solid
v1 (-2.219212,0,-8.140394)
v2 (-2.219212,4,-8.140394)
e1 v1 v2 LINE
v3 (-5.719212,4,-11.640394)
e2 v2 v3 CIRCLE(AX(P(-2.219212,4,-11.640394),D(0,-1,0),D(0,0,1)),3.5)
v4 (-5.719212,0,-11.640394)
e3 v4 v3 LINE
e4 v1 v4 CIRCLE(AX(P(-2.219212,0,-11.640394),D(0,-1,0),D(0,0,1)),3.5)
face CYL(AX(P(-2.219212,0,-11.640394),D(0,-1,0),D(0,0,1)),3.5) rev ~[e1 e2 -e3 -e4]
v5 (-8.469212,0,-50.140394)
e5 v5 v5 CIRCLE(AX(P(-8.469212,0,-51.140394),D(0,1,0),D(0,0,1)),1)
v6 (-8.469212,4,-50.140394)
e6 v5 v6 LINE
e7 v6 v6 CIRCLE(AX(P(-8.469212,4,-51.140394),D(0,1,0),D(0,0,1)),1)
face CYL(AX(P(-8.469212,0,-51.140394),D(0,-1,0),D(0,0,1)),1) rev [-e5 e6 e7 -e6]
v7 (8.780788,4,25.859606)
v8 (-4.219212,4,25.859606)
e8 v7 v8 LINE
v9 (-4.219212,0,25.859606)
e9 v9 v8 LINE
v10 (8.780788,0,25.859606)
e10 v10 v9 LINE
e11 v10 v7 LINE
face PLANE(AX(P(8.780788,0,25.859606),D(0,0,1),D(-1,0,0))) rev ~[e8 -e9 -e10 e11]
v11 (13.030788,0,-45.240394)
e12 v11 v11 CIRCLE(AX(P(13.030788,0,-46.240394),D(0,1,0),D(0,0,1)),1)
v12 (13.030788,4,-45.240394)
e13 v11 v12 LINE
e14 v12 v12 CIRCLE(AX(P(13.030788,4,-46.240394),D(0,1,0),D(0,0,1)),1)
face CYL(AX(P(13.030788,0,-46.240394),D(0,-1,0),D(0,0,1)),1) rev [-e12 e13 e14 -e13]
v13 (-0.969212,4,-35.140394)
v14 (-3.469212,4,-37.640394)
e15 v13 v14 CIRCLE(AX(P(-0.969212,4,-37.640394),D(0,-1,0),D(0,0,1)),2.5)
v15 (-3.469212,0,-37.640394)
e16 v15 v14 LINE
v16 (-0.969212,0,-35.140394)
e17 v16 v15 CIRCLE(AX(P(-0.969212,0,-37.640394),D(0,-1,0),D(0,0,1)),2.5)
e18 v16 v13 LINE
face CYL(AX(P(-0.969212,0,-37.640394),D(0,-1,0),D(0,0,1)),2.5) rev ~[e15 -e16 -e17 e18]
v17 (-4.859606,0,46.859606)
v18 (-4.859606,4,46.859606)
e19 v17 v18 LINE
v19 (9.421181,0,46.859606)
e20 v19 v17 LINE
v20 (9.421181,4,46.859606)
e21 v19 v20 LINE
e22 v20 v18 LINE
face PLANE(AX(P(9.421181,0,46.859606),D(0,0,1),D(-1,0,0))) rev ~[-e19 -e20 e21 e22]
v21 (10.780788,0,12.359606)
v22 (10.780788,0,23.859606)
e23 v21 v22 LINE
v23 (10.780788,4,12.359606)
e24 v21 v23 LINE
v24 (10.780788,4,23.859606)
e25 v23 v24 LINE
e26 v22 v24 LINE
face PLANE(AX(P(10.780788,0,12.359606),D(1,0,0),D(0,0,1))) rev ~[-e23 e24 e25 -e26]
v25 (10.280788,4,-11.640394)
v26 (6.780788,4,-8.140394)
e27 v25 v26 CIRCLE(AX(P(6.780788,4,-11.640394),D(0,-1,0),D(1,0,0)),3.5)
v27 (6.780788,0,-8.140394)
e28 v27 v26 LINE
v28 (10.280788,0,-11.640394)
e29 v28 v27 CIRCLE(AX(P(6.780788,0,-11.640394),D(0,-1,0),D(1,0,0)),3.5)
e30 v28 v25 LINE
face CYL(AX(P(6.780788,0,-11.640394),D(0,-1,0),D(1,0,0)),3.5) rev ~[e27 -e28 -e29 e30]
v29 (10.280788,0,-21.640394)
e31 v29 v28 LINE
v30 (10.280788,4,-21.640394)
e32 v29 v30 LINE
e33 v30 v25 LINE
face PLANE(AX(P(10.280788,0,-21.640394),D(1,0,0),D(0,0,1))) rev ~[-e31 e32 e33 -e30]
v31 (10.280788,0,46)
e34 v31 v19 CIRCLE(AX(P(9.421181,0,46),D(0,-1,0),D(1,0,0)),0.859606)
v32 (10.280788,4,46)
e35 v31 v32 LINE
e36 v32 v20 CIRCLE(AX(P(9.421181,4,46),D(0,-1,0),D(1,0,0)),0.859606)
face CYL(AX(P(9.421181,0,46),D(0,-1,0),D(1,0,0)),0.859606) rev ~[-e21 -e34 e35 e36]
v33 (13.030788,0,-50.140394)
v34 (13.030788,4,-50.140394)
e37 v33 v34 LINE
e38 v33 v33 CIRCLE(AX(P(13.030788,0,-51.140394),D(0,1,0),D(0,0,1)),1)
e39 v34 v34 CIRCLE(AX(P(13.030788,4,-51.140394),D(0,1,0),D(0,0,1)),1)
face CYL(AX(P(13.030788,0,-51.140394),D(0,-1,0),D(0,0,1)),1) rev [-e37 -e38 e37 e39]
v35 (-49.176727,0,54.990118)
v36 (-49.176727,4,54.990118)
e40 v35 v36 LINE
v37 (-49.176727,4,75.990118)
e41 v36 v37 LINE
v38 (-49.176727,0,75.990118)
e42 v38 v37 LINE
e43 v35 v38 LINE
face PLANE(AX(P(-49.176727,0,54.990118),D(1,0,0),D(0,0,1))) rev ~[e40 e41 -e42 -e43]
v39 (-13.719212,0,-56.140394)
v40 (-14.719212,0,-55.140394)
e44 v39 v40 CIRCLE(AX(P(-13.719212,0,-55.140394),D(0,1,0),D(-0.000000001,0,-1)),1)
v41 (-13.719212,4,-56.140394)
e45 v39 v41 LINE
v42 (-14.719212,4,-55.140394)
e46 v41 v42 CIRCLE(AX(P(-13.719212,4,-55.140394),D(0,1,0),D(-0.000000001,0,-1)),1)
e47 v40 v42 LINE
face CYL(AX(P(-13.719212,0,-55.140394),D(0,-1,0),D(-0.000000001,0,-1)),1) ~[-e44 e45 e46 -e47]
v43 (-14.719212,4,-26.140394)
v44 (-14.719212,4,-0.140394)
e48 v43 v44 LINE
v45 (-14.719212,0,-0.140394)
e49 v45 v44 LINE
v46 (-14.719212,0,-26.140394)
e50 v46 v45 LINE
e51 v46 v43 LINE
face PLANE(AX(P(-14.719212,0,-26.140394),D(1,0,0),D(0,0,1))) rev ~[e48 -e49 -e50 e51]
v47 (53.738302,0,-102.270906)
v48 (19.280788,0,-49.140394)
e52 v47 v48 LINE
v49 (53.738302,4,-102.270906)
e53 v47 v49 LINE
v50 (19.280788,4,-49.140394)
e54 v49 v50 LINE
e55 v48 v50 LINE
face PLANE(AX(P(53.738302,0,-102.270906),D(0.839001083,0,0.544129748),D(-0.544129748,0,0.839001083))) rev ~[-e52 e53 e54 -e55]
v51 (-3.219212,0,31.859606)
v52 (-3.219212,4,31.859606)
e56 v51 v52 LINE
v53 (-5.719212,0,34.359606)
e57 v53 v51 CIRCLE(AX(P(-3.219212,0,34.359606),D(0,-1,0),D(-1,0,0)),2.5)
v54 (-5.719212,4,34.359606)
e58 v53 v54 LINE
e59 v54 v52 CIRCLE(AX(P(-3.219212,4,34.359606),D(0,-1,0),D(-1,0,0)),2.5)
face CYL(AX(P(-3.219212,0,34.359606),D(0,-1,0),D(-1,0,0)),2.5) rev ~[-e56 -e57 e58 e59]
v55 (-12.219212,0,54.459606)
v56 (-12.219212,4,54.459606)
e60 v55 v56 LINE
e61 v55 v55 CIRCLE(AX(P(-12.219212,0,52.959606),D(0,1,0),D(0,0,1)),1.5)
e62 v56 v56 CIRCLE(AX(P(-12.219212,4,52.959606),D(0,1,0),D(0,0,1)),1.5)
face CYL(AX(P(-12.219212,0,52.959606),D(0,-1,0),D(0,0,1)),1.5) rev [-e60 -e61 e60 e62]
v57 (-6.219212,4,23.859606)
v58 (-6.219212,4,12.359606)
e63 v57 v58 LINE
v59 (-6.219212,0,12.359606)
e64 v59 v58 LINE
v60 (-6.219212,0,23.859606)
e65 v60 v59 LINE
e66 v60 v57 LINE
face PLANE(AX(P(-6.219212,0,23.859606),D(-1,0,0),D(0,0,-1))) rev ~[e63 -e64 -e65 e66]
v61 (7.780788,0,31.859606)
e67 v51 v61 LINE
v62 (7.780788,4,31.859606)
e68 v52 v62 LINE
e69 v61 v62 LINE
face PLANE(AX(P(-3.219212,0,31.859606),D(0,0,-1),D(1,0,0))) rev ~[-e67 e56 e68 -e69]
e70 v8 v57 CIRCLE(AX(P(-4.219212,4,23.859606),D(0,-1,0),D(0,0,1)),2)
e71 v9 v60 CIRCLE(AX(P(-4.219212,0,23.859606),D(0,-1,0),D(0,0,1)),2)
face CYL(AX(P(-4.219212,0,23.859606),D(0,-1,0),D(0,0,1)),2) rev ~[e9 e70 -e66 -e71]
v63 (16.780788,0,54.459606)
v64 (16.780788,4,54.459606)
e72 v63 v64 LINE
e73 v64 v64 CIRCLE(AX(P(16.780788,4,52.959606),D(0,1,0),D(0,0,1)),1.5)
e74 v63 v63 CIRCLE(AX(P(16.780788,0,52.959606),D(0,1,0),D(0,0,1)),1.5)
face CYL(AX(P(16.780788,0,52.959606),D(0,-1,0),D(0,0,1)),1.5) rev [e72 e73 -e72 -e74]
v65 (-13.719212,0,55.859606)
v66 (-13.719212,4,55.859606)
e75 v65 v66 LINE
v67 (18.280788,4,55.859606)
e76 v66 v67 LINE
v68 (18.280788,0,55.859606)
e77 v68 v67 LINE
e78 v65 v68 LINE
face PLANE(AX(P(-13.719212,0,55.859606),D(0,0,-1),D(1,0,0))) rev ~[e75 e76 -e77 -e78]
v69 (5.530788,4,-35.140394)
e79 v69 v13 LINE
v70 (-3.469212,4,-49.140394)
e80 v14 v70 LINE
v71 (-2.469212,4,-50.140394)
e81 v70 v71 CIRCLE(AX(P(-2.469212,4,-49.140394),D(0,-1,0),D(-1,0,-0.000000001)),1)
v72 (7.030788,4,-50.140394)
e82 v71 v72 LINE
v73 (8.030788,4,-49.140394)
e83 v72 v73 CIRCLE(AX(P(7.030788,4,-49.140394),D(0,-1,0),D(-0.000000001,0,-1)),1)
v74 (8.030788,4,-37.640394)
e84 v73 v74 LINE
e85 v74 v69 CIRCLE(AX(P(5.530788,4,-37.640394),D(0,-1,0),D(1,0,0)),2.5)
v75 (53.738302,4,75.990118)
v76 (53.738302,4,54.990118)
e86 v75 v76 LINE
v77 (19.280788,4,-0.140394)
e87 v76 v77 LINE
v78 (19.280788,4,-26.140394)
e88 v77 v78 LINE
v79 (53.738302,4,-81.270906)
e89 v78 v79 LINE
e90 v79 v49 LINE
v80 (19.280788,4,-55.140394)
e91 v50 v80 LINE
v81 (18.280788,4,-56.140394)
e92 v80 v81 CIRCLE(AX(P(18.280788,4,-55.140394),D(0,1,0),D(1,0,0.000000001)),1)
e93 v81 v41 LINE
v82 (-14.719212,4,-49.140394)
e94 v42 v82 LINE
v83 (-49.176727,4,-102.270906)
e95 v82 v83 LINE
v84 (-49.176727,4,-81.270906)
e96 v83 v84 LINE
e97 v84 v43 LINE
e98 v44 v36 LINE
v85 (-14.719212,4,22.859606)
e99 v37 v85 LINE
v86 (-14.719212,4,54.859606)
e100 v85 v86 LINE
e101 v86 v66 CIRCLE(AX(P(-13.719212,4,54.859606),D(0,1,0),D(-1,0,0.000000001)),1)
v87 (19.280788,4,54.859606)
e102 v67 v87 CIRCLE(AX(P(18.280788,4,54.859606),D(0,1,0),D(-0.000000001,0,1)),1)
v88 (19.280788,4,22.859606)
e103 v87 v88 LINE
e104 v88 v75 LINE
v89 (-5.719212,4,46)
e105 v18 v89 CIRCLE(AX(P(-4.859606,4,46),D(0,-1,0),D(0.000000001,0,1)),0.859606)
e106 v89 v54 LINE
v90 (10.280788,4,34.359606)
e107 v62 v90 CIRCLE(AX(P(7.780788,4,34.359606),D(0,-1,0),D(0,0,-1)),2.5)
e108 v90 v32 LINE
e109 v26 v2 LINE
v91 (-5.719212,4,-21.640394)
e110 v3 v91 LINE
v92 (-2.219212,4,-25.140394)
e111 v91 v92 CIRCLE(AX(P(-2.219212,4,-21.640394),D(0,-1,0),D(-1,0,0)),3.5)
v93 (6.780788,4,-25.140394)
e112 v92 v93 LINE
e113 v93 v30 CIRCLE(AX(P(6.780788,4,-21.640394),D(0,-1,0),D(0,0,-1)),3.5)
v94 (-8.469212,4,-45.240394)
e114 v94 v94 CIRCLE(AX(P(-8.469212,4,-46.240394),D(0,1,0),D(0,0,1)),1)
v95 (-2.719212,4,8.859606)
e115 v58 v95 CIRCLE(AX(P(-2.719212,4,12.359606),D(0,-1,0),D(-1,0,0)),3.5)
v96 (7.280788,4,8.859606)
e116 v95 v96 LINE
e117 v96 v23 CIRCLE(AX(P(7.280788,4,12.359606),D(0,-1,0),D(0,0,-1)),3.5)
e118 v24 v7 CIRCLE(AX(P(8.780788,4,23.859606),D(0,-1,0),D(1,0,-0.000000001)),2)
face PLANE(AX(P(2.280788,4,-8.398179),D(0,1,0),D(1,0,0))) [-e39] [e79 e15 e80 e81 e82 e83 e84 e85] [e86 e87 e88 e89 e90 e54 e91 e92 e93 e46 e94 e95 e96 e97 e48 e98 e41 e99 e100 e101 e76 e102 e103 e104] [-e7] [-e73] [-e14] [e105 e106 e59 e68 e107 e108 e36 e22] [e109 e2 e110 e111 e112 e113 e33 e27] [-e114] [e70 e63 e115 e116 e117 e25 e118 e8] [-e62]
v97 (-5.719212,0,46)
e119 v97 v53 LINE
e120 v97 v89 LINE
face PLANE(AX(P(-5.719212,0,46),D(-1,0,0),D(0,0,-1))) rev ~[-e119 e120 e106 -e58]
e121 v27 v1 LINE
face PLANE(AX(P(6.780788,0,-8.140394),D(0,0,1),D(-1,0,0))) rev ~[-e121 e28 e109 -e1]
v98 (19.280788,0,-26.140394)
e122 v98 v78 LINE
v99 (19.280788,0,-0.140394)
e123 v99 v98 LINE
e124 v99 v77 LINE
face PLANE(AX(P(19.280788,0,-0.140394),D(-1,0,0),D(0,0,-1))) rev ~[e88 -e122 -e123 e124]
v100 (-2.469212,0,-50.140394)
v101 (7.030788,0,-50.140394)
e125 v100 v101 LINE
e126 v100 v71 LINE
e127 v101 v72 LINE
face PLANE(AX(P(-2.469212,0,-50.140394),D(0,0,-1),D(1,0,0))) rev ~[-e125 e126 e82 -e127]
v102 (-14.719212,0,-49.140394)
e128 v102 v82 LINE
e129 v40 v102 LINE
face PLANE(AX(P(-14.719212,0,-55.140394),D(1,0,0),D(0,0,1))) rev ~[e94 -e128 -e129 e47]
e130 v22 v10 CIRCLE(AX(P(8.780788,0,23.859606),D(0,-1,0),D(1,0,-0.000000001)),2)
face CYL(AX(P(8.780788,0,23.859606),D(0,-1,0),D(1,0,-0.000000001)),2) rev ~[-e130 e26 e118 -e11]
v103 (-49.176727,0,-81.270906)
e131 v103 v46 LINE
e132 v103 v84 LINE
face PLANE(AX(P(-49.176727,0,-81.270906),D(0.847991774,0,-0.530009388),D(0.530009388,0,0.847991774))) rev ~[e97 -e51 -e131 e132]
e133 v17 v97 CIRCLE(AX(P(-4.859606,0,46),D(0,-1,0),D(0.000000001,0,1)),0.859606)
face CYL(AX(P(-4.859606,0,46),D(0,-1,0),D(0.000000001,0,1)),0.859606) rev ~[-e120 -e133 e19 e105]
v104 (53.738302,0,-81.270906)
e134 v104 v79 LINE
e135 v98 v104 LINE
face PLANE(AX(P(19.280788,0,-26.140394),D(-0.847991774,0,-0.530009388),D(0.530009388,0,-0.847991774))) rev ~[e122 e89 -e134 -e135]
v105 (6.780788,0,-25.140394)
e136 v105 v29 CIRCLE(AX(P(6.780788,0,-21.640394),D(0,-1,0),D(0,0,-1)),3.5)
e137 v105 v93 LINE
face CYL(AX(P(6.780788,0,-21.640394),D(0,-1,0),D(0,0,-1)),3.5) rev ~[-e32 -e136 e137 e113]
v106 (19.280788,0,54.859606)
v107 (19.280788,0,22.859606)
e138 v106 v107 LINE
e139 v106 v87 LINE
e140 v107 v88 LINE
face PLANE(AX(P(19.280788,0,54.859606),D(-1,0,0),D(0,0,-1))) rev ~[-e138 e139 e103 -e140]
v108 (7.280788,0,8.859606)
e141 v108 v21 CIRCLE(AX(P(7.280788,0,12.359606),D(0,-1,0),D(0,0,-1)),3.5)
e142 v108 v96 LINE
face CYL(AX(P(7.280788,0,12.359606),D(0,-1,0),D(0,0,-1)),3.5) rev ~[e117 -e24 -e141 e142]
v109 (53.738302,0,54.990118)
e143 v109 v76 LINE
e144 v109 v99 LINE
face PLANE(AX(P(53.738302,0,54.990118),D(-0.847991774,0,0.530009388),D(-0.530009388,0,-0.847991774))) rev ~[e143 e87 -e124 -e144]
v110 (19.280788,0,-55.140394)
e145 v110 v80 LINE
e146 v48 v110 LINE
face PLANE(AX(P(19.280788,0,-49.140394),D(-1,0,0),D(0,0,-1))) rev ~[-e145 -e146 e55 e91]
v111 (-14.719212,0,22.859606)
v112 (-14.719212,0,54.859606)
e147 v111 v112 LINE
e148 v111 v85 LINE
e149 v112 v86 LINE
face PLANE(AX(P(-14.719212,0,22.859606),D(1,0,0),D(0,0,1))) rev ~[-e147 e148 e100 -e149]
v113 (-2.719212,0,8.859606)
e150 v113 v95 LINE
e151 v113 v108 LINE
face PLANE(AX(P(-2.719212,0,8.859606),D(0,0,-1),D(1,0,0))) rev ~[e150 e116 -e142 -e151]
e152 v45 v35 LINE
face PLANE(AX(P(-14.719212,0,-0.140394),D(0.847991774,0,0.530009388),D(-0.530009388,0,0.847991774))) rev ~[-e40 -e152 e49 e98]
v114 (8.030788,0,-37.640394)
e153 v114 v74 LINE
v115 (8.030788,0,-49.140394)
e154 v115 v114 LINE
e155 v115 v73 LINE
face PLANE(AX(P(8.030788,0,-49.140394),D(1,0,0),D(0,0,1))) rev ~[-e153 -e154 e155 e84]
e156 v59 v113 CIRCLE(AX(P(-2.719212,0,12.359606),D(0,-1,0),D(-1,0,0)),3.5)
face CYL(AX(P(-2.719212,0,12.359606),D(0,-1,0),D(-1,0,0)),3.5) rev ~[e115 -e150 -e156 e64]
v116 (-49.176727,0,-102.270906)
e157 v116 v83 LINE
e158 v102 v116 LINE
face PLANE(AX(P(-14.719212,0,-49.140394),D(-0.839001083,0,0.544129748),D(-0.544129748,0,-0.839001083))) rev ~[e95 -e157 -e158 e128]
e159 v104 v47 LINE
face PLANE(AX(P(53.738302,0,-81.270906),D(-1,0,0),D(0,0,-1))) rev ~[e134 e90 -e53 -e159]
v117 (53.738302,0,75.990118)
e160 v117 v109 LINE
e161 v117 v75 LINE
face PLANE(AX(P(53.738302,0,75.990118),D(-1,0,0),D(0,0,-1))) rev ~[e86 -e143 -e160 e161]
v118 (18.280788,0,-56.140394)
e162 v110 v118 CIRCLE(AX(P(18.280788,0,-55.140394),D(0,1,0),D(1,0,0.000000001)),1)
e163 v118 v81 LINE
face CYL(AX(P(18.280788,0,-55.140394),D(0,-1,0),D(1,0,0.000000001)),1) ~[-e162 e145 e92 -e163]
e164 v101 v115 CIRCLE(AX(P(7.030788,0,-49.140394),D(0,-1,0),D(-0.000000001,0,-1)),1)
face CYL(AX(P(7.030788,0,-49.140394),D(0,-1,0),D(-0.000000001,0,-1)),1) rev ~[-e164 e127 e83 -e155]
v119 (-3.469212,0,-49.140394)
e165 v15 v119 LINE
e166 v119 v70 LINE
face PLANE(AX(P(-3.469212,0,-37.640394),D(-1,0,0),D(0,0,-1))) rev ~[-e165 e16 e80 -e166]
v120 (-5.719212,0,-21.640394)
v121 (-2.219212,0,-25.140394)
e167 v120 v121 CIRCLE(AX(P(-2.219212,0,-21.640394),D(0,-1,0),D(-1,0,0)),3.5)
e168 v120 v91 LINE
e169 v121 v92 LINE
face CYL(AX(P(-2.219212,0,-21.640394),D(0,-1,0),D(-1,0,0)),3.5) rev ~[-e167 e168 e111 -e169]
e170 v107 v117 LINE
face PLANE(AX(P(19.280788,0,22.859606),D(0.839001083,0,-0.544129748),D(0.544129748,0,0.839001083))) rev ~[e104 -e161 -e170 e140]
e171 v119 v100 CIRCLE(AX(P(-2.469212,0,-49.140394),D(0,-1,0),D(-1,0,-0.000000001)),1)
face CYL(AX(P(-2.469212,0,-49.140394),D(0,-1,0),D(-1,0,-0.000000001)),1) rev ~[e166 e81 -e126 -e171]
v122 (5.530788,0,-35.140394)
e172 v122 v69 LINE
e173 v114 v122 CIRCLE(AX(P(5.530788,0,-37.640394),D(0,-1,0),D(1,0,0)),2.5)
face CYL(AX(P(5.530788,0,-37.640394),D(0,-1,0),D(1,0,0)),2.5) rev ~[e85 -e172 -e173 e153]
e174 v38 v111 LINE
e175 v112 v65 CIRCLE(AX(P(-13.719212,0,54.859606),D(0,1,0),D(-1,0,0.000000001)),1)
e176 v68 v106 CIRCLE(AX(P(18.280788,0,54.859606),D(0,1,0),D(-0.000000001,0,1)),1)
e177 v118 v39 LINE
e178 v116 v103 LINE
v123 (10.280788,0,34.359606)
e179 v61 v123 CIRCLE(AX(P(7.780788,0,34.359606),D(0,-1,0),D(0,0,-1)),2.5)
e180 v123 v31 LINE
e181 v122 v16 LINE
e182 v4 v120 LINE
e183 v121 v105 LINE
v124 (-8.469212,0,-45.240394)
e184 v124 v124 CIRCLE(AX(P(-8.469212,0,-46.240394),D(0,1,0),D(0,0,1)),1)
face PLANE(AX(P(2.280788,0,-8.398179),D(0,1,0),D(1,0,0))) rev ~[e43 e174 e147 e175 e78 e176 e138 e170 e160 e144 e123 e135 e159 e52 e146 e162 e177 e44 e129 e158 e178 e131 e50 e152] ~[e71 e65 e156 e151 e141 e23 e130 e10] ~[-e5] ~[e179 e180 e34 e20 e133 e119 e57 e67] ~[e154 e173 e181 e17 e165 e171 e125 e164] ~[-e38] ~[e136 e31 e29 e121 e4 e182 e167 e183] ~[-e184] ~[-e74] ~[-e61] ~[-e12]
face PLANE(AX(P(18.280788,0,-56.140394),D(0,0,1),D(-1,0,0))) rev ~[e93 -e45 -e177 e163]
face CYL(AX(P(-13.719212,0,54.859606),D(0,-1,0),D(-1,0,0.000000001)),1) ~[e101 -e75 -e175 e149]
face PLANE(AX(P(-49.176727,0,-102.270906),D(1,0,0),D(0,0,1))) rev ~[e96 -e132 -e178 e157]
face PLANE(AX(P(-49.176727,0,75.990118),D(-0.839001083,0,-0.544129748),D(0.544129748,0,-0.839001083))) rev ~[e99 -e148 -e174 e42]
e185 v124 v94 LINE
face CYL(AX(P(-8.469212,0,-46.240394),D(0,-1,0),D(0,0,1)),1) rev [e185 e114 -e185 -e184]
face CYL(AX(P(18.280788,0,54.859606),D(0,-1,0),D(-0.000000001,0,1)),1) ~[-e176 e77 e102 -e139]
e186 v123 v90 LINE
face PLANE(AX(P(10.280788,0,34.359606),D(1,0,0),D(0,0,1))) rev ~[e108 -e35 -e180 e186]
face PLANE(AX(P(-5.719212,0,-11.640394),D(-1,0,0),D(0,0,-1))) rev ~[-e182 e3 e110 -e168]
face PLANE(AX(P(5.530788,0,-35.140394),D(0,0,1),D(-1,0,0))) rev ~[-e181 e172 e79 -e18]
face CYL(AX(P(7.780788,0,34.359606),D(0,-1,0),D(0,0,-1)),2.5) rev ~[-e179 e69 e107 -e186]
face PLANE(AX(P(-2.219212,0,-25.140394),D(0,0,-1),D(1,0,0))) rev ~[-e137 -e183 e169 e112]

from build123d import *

# Parameters (mm, degrees)
FRAME_SKETCH_R           = 1.5
FRAME_SKETCH_R_2         = 1
FRAME_BOTTOM_PLATE_DEPTH = 4


with BuildPart() as part:
    # Frame Sketch → Frame Bottom Plate (new body)
    with BuildSketch(Plane(origin=(0, 0, 0), x_dir=(1, 0, 0), z_dir=(0, 1, 0))):
        with BuildLine():
            Line((18.280787571, 56.140393786), (-13.719212429, 56.140393786))
            ThreePointArc((-13.719212429, 56.140393786), (-14.42631921, 55.847500567), (-14.719212429, 55.140393786))
            Line((-14.719212429, 55.140393786), (-14.719212429, 49.140393786))
            Line((-14.719212429, 49.140393786), (-49.176727046, 102.27090579))
            Line((-49.176727046, 102.27090579), (-49.176727046, 81.27090579))
            Line((-49.176727046, 81.27090579), (-14.719212429, 26.140393786))
            Line((-14.719212429, 26.140393786), (-14.719212429, 0.140393786))
            Line((-14.719212429, 0.140393786), (-49.176727046, -54.990118218))
            Line((-49.176727046, -54.990118218), (-49.176727046, -75.990118218))
            Line((-49.176727046, -75.990118218), (-14.719212429, -22.859606214))
            Line((-14.719212429, -22.859606214), (-14.719212429, -54.859606214))
            ThreePointArc((-14.719212429, -54.859606214), (-14.42631921, -55.566712995), (-13.719212429, -55.859606214))
            Line((-13.719212429, -55.859606214), (18.280787571, -55.859606214))
            ThreePointArc((18.280787571, -55.859606214), (18.987894353, -55.566712995), (19.280787571, -54.859606214))
            Line((19.280787571, -54.859606214), (19.280787571, -22.859606214))
            Line((19.280787571, -22.859606214), (53.738302189, -75.990118218))
            Line((53.738302189, -75.990118218), (53.738302189, -54.990118218))
            Line((53.738302189, -54.990118218), (19.280787571, 0.140393786))
            Line((19.280787571, 0.140393786), (19.280787571, 26.140393786))
            Line((19.280787571, 26.140393786), (53.738302189, 81.27090579))
            Line((53.738302189, 81.27090579), (53.738302189, 102.27090579))
            Line((53.738302189, 102.27090579), (19.280787571, 49.140393786))
            Line((19.280787571, 49.140393786), (19.280787571, 55.140393786))
            ThreePointArc((19.280787571, 55.140393786), (18.987894353, 55.847500567), (18.280787571, 56.140393786))
        make_face()
        with Locations(Location((-12.219212429, -52.959606214, 0), (0, 0, 270))):
            Circle(FRAME_SKETCH_R, mode=Mode.SUBTRACT)
        with BuildLine():
            Line((9.421181357, -46.859606214), (-4.859606214, -46.859606214))
            ThreePointArc((-4.859606214, -46.859606214), (-5.467439598, -46.607833383), (-5.719212429, -46))
            Line((-5.719212429, -46), (-5.719212429, -34.359606214))
            ThreePointArc((-5.719212429, -34.359606214), (-4.986979382, -32.591839261), (-3.219212429, -31.859606214))
            Line((-3.219212429, -31.859606214), (7.780787571, -31.859606214))
            ThreePointArc((7.780787571, -31.859606214), (9.548554524, -32.591839261), (10.280787571, -34.359606214))
            Line((10.280787571, -34.359606214), (10.280787571, -46))
            ThreePointArc((10.280787571, -46), (10.02901474, -46.607833383), (9.421181357, -46.859606214))
        make_face(mode=Mode.SUBTRACT)
        with Locations(Location((16.780787571, -52.959606214, 0), (0, 0, 270))):
            Circle(FRAME_SKETCH_R, mode=Mode.SUBTRACT)
        with BuildLine():
            ThreePointArc((10.780787571, -23.859606214), (10.195001134, -25.273819777), (8.780787571, -25.859606214))
            Line((8.780787571, -25.859606214), (-4.219212429, -25.859606214))
            ThreePointArc((-4.219212429, -25.859606214), (-5.633425991, -25.273819777), (-6.219212429, -23.859606214))
            Line((-6.219212429, -23.859606214), (-6.219212429, -12.359606214))
            ThreePointArc((-6.219212429, -12.359606214), (-5.194086163, -9.88473248), (-2.719212429, -8.859606214))
            Line((-2.719212429, -8.859606214), (7.280787571, -8.859606214))
            ThreePointArc((7.280787571, -8.859606214), (9.755661306, -9.88473248), (10.780787571, -12.359606214))
            Line((10.780787571, -12.359606214), (10.780787571, -23.859606214))
        make_face(mode=Mode.SUBTRACT)
        with BuildLine():
            Line((6.780787571, 8.140393786), (-2.219212429, 8.140393786))
            ThreePointArc((-2.219212429, 8.140393786), (-4.694086163, 9.165520052), (-5.719212429, 11.640393786))
            Line((-5.719212429, 11.640393786), (-5.719212429, 21.640393786))
            ThreePointArc((-5.719212429, 21.640393786), (-4.694086163, 24.11526752), (-2.219212429, 25.140393786))
            Line((-2.219212429, 25.140393786), (6.780787571, 25.140393786))
            ThreePointArc((6.780787571, 25.140393786), (9.255661306, 24.11526752), (10.280787571, 21.640393786))
            Line((10.280787571, 21.640393786), (10.280787571, 11.640393786))
            ThreePointArc((10.280787571, 11.640393786), (9.255661306, 9.165520052), (6.780787571, 8.140393786))
        make_face(mode=Mode.SUBTRACT)
        with Locations(Location((-8.469212429, 46.240393786, 0), (0, 0, 270))):
            Circle(FRAME_SKETCH_R_2, mode=Mode.SUBTRACT)
        with BuildLine():
            Line((5.530787571, 35.140393786), (-0.969212429, 35.140393786))
            ThreePointArc((-0.969212429, 35.140393786), (-2.736979382, 35.872626833), (-3.469212429, 37.640393786))
            Line((-3.469212429, 37.640393786), (-3.469212429, 49.140393786))
            ThreePointArc((-3.469212429, 49.140393786), (-3.17631921, 49.847500567), (-2.469212429, 50.140393786))
            Line((-2.469212429, 50.140393786), (7.030787571, 50.140393786))
            ThreePointArc((7.030787571, 50.140393786), (7.737894353, 49.847500567), (8.030787571, 49.140393786))
            Line((8.030787571, 49.140393786), (8.030787571, 37.640393786))
            ThreePointArc((8.030787571, 37.640393786), (7.298554524, 35.872626833), (5.530787571, 35.140393786))
        make_face(mode=Mode.SUBTRACT)
        with Locations(Location((-8.469212429, 51.140393786, 0), (0, 0, 270))):
            Circle(FRAME_SKETCH_R_2, mode=Mode.SUBTRACT)
        with Locations(Location((13.030787571, 46.240393786, 0), (0, 0, 270))):
            Circle(FRAME_SKETCH_R_2, mode=Mode.SUBTRACT)
        with Locations(Location((13.030787571, 51.140393786, 0), (0, 0, 270))):
            Circle(FRAME_SKETCH_R_2, mode=Mode.SUBTRACT)
    extrude(amount=FRAME_BOTTOM_PLATE_DEPTH)


solid = part.part
